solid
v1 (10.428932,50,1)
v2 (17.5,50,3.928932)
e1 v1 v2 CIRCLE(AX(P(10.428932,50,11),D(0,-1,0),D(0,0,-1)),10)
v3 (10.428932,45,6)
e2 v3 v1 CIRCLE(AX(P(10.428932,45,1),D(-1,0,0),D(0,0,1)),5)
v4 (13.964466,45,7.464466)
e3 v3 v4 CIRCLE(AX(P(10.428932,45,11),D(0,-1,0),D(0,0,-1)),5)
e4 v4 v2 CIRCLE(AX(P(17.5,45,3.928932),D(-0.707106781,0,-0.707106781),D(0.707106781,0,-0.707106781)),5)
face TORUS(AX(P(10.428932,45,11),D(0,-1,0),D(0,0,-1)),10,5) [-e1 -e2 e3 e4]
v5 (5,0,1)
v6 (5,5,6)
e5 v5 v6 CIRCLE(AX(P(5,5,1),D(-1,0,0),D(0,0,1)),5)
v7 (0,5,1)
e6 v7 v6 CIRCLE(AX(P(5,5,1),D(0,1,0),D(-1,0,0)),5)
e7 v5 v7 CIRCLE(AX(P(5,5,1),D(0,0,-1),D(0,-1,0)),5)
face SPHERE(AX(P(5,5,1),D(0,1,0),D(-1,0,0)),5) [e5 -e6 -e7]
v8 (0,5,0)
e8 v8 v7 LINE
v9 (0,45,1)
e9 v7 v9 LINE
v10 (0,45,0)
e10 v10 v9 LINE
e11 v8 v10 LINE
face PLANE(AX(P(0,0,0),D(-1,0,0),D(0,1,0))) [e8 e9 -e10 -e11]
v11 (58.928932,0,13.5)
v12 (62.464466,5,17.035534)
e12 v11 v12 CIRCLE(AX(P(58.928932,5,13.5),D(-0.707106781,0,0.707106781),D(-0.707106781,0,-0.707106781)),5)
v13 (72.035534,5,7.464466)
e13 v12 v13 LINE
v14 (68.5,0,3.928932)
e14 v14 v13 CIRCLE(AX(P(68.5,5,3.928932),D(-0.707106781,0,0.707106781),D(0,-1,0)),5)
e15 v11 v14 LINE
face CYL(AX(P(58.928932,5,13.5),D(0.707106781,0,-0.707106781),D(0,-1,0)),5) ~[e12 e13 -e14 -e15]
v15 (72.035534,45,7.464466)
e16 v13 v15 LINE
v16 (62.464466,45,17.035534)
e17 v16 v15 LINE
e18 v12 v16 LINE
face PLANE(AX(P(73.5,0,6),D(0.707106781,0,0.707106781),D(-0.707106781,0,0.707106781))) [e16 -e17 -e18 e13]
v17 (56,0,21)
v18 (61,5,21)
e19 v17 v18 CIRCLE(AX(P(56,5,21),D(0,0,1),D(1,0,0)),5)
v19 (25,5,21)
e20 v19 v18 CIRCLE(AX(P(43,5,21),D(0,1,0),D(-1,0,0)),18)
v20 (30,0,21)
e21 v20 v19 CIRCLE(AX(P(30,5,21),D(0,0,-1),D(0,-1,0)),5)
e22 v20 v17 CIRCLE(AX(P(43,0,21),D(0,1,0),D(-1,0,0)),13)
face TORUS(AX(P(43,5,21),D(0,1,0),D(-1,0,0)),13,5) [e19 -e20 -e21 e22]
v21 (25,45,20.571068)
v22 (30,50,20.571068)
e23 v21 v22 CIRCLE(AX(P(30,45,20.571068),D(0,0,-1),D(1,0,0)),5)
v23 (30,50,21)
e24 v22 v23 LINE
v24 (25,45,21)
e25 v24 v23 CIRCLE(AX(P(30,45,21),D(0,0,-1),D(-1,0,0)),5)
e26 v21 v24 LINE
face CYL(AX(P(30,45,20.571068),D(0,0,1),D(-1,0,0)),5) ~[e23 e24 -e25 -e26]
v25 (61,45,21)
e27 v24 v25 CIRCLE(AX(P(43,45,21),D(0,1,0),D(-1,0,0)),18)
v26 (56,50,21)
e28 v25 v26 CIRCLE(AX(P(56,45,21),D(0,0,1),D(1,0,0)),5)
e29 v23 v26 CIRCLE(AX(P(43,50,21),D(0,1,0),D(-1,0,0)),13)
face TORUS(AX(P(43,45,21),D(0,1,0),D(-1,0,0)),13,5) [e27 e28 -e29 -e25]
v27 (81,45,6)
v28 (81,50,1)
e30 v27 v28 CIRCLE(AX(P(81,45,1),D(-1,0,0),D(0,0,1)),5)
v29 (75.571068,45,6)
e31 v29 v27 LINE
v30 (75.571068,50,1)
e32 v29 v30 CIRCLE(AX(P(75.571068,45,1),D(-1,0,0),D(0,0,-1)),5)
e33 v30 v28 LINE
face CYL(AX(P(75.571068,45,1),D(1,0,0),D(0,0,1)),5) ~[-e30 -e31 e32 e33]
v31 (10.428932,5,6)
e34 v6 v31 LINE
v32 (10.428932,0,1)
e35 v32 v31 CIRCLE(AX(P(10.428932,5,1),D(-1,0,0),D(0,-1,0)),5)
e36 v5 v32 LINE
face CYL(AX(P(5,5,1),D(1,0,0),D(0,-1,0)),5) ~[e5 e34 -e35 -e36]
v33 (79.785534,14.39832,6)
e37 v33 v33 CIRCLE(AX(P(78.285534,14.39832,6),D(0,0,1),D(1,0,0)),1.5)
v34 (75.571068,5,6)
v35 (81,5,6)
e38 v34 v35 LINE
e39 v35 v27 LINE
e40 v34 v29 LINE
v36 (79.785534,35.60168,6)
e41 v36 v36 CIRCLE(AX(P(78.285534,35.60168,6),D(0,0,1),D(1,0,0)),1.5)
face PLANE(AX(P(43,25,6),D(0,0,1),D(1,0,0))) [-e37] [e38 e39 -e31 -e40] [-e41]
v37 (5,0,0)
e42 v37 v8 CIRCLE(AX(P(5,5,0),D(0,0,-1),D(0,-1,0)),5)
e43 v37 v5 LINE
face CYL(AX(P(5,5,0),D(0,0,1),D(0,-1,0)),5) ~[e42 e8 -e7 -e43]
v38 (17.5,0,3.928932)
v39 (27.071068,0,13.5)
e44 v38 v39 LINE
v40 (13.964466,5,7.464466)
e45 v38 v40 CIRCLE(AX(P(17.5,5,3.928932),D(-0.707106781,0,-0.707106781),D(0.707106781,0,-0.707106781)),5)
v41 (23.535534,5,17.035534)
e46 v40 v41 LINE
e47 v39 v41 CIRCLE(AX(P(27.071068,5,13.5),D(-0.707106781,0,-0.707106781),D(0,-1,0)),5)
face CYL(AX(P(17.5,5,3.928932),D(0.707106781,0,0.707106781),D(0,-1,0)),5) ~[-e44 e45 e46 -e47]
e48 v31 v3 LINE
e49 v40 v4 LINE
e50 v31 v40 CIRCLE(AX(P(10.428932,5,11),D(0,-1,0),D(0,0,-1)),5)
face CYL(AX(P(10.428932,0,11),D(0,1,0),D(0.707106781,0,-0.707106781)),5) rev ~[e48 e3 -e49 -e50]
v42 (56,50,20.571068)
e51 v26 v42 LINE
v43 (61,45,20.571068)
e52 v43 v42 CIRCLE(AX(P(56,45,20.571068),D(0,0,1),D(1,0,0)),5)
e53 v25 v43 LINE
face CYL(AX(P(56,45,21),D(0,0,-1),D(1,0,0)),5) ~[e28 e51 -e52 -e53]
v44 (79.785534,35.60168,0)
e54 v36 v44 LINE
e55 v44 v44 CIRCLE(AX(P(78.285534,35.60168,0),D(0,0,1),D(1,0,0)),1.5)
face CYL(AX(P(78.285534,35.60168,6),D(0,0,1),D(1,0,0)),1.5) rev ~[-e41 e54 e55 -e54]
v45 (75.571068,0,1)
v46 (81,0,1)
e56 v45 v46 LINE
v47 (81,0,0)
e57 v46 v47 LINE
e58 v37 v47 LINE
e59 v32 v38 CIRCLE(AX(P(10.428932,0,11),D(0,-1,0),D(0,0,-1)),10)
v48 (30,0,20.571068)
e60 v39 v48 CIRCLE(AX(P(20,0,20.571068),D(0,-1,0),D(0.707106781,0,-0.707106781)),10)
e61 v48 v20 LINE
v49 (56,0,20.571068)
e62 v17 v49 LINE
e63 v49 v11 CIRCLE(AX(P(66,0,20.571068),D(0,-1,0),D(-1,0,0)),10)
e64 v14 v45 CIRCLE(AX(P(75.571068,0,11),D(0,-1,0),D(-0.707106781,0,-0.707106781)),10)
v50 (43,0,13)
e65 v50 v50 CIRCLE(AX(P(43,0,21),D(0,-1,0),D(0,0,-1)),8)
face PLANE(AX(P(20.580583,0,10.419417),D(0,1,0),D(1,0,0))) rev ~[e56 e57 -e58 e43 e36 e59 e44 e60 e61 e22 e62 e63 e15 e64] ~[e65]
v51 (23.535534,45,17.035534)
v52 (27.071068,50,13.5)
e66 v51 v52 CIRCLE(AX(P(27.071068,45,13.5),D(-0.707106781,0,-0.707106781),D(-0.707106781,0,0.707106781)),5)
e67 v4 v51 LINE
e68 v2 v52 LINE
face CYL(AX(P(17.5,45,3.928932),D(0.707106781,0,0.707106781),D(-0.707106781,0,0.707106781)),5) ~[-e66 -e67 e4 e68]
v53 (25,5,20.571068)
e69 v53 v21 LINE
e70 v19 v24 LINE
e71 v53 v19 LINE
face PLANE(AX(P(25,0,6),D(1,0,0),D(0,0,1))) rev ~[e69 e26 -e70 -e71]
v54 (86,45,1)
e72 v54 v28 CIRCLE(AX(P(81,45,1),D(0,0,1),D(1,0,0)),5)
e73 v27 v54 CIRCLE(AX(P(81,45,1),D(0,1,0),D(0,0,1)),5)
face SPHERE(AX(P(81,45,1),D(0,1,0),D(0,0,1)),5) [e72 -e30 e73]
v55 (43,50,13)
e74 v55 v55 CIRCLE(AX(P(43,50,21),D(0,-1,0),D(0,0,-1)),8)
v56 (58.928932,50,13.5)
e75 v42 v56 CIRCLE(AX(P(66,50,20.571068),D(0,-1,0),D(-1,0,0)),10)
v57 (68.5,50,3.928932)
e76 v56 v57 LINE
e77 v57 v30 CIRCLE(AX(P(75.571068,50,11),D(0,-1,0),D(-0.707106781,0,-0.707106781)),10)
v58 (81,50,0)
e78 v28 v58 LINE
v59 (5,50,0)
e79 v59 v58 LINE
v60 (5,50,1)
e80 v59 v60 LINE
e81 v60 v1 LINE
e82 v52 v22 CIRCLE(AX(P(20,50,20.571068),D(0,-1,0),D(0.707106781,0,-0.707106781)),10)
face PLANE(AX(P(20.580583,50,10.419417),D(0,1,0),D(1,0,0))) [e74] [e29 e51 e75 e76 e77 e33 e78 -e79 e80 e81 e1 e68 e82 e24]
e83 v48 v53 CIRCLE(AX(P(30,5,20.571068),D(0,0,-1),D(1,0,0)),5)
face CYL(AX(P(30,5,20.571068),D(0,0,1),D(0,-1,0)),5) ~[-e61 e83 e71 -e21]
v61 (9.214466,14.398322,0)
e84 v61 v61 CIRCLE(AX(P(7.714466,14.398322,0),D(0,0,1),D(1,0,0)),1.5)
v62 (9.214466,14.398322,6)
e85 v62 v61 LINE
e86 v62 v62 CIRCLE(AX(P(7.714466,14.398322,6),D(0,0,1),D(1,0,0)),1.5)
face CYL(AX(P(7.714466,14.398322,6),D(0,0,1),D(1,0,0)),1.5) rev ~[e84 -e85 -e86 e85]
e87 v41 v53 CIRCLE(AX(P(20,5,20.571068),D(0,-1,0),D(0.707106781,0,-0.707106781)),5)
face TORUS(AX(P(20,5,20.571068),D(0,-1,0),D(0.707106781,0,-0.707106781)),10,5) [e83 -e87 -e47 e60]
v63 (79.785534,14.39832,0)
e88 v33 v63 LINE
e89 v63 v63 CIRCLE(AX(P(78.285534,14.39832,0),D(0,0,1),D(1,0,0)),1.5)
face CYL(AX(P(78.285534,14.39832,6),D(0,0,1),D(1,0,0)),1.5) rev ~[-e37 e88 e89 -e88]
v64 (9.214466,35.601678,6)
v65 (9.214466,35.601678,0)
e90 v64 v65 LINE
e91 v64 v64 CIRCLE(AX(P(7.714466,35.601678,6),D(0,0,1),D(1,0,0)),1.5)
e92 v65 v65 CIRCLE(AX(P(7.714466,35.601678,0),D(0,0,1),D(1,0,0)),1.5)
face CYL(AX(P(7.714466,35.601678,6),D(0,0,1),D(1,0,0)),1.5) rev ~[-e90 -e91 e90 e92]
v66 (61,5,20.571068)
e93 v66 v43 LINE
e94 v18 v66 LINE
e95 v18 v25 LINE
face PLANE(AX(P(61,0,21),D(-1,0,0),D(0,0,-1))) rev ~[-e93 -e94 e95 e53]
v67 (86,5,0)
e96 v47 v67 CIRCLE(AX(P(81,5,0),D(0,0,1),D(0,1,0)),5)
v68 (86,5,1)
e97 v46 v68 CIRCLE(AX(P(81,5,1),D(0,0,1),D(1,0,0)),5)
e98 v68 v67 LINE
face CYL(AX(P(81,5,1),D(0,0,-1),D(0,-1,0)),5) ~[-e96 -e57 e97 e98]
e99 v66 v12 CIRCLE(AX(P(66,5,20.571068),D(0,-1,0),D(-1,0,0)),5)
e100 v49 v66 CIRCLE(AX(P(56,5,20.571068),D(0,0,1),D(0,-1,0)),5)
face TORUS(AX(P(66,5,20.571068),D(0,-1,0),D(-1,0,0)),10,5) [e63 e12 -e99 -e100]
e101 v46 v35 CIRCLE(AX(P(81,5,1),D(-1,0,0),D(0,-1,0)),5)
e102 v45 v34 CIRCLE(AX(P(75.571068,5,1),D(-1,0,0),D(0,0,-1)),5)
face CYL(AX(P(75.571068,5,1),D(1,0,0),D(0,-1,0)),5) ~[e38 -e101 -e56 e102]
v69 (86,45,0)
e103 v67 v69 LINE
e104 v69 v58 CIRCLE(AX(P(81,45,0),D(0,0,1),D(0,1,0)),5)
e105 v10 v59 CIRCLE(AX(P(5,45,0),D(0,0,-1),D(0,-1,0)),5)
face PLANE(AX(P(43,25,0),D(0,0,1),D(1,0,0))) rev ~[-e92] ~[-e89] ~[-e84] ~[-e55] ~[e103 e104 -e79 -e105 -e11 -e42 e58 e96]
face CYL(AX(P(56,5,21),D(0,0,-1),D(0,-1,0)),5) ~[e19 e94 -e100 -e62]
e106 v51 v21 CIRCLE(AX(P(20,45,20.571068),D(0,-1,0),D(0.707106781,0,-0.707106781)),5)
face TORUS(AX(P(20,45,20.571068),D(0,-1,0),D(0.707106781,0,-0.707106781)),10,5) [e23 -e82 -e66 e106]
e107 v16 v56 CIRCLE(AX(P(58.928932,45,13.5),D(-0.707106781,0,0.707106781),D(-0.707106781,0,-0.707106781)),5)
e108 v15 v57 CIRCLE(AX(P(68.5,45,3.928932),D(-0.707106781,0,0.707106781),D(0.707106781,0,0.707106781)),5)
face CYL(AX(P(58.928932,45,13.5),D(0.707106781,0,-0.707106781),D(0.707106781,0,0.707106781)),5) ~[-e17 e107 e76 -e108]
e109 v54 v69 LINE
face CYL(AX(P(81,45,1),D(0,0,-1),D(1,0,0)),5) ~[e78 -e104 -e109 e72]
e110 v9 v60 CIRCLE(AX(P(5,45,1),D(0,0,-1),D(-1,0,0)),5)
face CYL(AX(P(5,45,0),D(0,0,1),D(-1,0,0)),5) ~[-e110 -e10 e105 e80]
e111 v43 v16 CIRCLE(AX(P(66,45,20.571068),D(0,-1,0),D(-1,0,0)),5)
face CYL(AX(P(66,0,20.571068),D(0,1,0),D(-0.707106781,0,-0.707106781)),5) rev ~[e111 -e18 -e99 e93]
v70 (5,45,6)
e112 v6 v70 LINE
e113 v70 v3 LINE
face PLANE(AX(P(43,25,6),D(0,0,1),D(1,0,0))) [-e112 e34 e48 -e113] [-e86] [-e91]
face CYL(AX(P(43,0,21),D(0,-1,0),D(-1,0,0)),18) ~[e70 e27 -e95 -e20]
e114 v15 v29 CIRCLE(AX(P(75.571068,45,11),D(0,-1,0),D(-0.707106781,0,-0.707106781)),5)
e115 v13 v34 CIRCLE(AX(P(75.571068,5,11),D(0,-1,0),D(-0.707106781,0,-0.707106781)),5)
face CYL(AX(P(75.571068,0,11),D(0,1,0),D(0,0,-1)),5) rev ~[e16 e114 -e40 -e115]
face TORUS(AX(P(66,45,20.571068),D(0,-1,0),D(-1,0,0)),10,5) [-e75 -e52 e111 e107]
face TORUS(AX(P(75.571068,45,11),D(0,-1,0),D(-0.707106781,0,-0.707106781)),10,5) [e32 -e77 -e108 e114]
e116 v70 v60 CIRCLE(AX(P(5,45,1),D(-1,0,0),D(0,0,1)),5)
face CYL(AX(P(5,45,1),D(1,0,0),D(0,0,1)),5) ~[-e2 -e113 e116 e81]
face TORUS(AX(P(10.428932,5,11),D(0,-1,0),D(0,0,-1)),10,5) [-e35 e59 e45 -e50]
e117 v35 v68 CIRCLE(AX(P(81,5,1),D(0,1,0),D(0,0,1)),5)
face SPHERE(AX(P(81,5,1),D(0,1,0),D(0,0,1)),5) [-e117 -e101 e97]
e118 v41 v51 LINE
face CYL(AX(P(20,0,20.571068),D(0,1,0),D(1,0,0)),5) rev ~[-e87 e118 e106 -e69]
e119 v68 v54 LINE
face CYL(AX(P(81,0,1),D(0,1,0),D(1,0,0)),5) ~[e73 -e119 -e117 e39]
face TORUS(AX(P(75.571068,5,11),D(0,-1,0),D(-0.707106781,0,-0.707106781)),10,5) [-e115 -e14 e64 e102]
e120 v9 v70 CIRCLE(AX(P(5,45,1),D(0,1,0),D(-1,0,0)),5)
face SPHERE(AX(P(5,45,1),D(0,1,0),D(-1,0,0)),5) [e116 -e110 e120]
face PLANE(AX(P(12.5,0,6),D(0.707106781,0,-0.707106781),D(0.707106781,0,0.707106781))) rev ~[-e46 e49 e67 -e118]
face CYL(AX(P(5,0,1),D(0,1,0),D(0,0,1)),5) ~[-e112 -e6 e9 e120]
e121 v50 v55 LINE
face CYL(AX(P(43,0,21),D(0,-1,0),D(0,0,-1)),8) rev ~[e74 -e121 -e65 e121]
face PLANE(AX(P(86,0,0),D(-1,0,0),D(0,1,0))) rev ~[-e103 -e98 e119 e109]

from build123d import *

# Parameters (mm, degrees)
SKETCH1_W           = 86
SKETCH1_H           = 50
BOSS_EXTRUDE2_DEPTH = 6
BOSS_EXTRUDE3_DEPTH = 50
SKETCH4_R           = 8
CUT_EXTRUDE1_DEPTH  = 121
BOSS_EXTRUDE5_DEPTH = 50
BOSS_EXTRUDE6_DEPTH = 50
FILLET1_R           = 5
FILLET2_R           = 5
FILLET3_R           = 5
FILLET4_R           = 5
FILLET5_R           = 5
SKETCH7_R           = 1.5
CUT_EXTRUDE2_DEPTH  = 50
SKETCH8_R           = 1.5
CUT_EXTRUDE4_DEPTH  = 50


with BuildPart() as part:
    # Sketch1 → Boss-Extrude2 (new body)
    with BuildSketch(Plane.XY):
        with Locations((43, 25)):
            Rectangle(SKETCH1_W, SKETCH1_H)
    extrude(amount=BOSS_EXTRUDE2_DEPTH)

    # Sketch2 → Boss-Extrude3 (add)
    with BuildSketch(Plane(origin=(0, 0, 0), x_dir=(-1, 0, 0), z_dir=(0, -1, 0))):
        with BuildLine():
            Line((-61, -21), (-61, -6))
            Line((-61, -6), (-25, -6))
            Line((-25, -6), (-25, -21))
            ThreePointArc((-25, -21), (-43, -39), (-61, -21))
        make_face()
    extrude(amount=-BOSS_EXTRUDE3_DEPTH)

    # Sketch4 → Cut-Extrude1 (cut)
    with BuildSketch(Plane(origin=(0, 0, 0), x_dir=(-1, 0, 0), z_dir=(0, -1, 0))):
        with Locations(Location((-43, -21, 0), (0, 0, 90))):
            Circle(SKETCH4_R)
    extrude(amount=-CUT_EXTRUDE1_DEPTH, mode=Mode.SUBTRACT)

    # Sketch5 → Boss-Extrude5 (add)
    with BuildSketch(Plane(origin=(0, 0, 0), x_dir=(-1, 0, 0), z_dir=(0, -1, 0))):
        Polygon((-61, -6), (-73.5, -6), (-61, -18.5), align=None)
    extrude(amount=-BOSS_EXTRUDE5_DEPTH)

    # Sketch6 → Boss-Extrude6 (add)
    with BuildSketch(Plane(origin=(0, 0, 0), x_dir=(-1, 0, 0), z_dir=(0, -1, 0))):
        Polygon((-25, -6), (-12.5, -6), (-25, -18.5), align=None)
    extrude(amount=-BOSS_EXTRUDE6_DEPTH)

    # Fillet1
    fillet1_edges = [part.edges().sort_by_distance(p)[0] for p in [
        (86, 25, 6),
    ]]
    fillet(fillet1_edges, radius=FILLET1_R)

    # Fillet2
    fillet2_edges = [part.edges().sort_by_distance(p)[0] for p in [
        (73.5, 25, 6),
    ]]
    fillet(fillet2_edges, radius=FILLET2_R)

    # Fillet3
    fillet3_edges = [part.edges().sort_by_distance(p)[0] for p in [
        (61, 25, 18.5),
    ]]
    fillet(fillet3_edges, radius=FILLET3_R)

    # Fillet4
    fillet4_edges = [part.edges().sort_by_distance(p)[0] for p in [
        (25, 25, 18.5),
        (0, 25, 6),
        (12.5, 25, 6),
    ]]
    fillet(fillet4_edges, radius=FILLET4_R)

    # Fillet5
    fillet5_edges = [part.edges().sort_by_distance(p)[0] for p in [
        (43, 0, 39),
        (61, 0, 20.785533906),
        (43, 50, 39),
        (61, 50, 20.785533906),
        (78.285533906, 50, 6),
        (86, 50, 0.5),
        (84.535533906, 50, 4.535533906),
        (86, 0, 0.5),
        (84.535533906, 0, 4.535533906),
        (78.285533906, 0, 6),
        (67.25, 0, 12.25),
        (67.25, 50, 12.25),
        (73.65765065, 0, 6.380602337),
        (73.65765065, 50, 6.380602337),
        (61.380602337, 0, 18.65765065),
        (61.380602337, 50, 18.65765065),
        (18.75, 0, 12.25),
        (18.75, 50, 12.25),
        (7.714466094, 50, 6),
        (7.714466094, 0, 6),
        (25, 50, 20.785533906),
        (25, 0, 20.785533906),
        (0, 0, 0.5),
        (1.464466094, 0, 4.535533906),
        (0, 50, 0.5),
        (1.464466094, 50, 4.535533906),
        (12.34234935, 0, 6.380602337),
        (12.34234935, 50, 6.380602337),
        (24.619397663, 0, 18.65765065),
        (24.619397663, 50, 18.65765065),
    ]]
    fillet(fillet5_edges, radius=FILLET5_R)

    # Sketch7 → Cut-Extrude2 (cut)
    with BuildSketch(Plane.XY.offset(6)):
        with Locations((7.714466094, 35.601677871)):
            Circle(SKETCH7_R)
        with Locations((7.714466094, 14.398322129)):
            Circle(SKETCH7_R)
    extrude(amount=-CUT_EXTRUDE2_DEPTH, mode=Mode.SUBTRACT)

    # Sketch8 → Cut-Extrude4 (cut)
    with BuildSketch(Plane.XY.offset(6)):
        with Locations((78.285533906, 35.60168)):
            Circle(SKETCH8_R)
        with Locations((78.285533906, 14.39832)):
            Circle(SKETCH8_R)
    extrude(amount=-CUT_EXTRUDE4_DEPTH, mode=Mode.SUBTRACT)


solid = part.part
